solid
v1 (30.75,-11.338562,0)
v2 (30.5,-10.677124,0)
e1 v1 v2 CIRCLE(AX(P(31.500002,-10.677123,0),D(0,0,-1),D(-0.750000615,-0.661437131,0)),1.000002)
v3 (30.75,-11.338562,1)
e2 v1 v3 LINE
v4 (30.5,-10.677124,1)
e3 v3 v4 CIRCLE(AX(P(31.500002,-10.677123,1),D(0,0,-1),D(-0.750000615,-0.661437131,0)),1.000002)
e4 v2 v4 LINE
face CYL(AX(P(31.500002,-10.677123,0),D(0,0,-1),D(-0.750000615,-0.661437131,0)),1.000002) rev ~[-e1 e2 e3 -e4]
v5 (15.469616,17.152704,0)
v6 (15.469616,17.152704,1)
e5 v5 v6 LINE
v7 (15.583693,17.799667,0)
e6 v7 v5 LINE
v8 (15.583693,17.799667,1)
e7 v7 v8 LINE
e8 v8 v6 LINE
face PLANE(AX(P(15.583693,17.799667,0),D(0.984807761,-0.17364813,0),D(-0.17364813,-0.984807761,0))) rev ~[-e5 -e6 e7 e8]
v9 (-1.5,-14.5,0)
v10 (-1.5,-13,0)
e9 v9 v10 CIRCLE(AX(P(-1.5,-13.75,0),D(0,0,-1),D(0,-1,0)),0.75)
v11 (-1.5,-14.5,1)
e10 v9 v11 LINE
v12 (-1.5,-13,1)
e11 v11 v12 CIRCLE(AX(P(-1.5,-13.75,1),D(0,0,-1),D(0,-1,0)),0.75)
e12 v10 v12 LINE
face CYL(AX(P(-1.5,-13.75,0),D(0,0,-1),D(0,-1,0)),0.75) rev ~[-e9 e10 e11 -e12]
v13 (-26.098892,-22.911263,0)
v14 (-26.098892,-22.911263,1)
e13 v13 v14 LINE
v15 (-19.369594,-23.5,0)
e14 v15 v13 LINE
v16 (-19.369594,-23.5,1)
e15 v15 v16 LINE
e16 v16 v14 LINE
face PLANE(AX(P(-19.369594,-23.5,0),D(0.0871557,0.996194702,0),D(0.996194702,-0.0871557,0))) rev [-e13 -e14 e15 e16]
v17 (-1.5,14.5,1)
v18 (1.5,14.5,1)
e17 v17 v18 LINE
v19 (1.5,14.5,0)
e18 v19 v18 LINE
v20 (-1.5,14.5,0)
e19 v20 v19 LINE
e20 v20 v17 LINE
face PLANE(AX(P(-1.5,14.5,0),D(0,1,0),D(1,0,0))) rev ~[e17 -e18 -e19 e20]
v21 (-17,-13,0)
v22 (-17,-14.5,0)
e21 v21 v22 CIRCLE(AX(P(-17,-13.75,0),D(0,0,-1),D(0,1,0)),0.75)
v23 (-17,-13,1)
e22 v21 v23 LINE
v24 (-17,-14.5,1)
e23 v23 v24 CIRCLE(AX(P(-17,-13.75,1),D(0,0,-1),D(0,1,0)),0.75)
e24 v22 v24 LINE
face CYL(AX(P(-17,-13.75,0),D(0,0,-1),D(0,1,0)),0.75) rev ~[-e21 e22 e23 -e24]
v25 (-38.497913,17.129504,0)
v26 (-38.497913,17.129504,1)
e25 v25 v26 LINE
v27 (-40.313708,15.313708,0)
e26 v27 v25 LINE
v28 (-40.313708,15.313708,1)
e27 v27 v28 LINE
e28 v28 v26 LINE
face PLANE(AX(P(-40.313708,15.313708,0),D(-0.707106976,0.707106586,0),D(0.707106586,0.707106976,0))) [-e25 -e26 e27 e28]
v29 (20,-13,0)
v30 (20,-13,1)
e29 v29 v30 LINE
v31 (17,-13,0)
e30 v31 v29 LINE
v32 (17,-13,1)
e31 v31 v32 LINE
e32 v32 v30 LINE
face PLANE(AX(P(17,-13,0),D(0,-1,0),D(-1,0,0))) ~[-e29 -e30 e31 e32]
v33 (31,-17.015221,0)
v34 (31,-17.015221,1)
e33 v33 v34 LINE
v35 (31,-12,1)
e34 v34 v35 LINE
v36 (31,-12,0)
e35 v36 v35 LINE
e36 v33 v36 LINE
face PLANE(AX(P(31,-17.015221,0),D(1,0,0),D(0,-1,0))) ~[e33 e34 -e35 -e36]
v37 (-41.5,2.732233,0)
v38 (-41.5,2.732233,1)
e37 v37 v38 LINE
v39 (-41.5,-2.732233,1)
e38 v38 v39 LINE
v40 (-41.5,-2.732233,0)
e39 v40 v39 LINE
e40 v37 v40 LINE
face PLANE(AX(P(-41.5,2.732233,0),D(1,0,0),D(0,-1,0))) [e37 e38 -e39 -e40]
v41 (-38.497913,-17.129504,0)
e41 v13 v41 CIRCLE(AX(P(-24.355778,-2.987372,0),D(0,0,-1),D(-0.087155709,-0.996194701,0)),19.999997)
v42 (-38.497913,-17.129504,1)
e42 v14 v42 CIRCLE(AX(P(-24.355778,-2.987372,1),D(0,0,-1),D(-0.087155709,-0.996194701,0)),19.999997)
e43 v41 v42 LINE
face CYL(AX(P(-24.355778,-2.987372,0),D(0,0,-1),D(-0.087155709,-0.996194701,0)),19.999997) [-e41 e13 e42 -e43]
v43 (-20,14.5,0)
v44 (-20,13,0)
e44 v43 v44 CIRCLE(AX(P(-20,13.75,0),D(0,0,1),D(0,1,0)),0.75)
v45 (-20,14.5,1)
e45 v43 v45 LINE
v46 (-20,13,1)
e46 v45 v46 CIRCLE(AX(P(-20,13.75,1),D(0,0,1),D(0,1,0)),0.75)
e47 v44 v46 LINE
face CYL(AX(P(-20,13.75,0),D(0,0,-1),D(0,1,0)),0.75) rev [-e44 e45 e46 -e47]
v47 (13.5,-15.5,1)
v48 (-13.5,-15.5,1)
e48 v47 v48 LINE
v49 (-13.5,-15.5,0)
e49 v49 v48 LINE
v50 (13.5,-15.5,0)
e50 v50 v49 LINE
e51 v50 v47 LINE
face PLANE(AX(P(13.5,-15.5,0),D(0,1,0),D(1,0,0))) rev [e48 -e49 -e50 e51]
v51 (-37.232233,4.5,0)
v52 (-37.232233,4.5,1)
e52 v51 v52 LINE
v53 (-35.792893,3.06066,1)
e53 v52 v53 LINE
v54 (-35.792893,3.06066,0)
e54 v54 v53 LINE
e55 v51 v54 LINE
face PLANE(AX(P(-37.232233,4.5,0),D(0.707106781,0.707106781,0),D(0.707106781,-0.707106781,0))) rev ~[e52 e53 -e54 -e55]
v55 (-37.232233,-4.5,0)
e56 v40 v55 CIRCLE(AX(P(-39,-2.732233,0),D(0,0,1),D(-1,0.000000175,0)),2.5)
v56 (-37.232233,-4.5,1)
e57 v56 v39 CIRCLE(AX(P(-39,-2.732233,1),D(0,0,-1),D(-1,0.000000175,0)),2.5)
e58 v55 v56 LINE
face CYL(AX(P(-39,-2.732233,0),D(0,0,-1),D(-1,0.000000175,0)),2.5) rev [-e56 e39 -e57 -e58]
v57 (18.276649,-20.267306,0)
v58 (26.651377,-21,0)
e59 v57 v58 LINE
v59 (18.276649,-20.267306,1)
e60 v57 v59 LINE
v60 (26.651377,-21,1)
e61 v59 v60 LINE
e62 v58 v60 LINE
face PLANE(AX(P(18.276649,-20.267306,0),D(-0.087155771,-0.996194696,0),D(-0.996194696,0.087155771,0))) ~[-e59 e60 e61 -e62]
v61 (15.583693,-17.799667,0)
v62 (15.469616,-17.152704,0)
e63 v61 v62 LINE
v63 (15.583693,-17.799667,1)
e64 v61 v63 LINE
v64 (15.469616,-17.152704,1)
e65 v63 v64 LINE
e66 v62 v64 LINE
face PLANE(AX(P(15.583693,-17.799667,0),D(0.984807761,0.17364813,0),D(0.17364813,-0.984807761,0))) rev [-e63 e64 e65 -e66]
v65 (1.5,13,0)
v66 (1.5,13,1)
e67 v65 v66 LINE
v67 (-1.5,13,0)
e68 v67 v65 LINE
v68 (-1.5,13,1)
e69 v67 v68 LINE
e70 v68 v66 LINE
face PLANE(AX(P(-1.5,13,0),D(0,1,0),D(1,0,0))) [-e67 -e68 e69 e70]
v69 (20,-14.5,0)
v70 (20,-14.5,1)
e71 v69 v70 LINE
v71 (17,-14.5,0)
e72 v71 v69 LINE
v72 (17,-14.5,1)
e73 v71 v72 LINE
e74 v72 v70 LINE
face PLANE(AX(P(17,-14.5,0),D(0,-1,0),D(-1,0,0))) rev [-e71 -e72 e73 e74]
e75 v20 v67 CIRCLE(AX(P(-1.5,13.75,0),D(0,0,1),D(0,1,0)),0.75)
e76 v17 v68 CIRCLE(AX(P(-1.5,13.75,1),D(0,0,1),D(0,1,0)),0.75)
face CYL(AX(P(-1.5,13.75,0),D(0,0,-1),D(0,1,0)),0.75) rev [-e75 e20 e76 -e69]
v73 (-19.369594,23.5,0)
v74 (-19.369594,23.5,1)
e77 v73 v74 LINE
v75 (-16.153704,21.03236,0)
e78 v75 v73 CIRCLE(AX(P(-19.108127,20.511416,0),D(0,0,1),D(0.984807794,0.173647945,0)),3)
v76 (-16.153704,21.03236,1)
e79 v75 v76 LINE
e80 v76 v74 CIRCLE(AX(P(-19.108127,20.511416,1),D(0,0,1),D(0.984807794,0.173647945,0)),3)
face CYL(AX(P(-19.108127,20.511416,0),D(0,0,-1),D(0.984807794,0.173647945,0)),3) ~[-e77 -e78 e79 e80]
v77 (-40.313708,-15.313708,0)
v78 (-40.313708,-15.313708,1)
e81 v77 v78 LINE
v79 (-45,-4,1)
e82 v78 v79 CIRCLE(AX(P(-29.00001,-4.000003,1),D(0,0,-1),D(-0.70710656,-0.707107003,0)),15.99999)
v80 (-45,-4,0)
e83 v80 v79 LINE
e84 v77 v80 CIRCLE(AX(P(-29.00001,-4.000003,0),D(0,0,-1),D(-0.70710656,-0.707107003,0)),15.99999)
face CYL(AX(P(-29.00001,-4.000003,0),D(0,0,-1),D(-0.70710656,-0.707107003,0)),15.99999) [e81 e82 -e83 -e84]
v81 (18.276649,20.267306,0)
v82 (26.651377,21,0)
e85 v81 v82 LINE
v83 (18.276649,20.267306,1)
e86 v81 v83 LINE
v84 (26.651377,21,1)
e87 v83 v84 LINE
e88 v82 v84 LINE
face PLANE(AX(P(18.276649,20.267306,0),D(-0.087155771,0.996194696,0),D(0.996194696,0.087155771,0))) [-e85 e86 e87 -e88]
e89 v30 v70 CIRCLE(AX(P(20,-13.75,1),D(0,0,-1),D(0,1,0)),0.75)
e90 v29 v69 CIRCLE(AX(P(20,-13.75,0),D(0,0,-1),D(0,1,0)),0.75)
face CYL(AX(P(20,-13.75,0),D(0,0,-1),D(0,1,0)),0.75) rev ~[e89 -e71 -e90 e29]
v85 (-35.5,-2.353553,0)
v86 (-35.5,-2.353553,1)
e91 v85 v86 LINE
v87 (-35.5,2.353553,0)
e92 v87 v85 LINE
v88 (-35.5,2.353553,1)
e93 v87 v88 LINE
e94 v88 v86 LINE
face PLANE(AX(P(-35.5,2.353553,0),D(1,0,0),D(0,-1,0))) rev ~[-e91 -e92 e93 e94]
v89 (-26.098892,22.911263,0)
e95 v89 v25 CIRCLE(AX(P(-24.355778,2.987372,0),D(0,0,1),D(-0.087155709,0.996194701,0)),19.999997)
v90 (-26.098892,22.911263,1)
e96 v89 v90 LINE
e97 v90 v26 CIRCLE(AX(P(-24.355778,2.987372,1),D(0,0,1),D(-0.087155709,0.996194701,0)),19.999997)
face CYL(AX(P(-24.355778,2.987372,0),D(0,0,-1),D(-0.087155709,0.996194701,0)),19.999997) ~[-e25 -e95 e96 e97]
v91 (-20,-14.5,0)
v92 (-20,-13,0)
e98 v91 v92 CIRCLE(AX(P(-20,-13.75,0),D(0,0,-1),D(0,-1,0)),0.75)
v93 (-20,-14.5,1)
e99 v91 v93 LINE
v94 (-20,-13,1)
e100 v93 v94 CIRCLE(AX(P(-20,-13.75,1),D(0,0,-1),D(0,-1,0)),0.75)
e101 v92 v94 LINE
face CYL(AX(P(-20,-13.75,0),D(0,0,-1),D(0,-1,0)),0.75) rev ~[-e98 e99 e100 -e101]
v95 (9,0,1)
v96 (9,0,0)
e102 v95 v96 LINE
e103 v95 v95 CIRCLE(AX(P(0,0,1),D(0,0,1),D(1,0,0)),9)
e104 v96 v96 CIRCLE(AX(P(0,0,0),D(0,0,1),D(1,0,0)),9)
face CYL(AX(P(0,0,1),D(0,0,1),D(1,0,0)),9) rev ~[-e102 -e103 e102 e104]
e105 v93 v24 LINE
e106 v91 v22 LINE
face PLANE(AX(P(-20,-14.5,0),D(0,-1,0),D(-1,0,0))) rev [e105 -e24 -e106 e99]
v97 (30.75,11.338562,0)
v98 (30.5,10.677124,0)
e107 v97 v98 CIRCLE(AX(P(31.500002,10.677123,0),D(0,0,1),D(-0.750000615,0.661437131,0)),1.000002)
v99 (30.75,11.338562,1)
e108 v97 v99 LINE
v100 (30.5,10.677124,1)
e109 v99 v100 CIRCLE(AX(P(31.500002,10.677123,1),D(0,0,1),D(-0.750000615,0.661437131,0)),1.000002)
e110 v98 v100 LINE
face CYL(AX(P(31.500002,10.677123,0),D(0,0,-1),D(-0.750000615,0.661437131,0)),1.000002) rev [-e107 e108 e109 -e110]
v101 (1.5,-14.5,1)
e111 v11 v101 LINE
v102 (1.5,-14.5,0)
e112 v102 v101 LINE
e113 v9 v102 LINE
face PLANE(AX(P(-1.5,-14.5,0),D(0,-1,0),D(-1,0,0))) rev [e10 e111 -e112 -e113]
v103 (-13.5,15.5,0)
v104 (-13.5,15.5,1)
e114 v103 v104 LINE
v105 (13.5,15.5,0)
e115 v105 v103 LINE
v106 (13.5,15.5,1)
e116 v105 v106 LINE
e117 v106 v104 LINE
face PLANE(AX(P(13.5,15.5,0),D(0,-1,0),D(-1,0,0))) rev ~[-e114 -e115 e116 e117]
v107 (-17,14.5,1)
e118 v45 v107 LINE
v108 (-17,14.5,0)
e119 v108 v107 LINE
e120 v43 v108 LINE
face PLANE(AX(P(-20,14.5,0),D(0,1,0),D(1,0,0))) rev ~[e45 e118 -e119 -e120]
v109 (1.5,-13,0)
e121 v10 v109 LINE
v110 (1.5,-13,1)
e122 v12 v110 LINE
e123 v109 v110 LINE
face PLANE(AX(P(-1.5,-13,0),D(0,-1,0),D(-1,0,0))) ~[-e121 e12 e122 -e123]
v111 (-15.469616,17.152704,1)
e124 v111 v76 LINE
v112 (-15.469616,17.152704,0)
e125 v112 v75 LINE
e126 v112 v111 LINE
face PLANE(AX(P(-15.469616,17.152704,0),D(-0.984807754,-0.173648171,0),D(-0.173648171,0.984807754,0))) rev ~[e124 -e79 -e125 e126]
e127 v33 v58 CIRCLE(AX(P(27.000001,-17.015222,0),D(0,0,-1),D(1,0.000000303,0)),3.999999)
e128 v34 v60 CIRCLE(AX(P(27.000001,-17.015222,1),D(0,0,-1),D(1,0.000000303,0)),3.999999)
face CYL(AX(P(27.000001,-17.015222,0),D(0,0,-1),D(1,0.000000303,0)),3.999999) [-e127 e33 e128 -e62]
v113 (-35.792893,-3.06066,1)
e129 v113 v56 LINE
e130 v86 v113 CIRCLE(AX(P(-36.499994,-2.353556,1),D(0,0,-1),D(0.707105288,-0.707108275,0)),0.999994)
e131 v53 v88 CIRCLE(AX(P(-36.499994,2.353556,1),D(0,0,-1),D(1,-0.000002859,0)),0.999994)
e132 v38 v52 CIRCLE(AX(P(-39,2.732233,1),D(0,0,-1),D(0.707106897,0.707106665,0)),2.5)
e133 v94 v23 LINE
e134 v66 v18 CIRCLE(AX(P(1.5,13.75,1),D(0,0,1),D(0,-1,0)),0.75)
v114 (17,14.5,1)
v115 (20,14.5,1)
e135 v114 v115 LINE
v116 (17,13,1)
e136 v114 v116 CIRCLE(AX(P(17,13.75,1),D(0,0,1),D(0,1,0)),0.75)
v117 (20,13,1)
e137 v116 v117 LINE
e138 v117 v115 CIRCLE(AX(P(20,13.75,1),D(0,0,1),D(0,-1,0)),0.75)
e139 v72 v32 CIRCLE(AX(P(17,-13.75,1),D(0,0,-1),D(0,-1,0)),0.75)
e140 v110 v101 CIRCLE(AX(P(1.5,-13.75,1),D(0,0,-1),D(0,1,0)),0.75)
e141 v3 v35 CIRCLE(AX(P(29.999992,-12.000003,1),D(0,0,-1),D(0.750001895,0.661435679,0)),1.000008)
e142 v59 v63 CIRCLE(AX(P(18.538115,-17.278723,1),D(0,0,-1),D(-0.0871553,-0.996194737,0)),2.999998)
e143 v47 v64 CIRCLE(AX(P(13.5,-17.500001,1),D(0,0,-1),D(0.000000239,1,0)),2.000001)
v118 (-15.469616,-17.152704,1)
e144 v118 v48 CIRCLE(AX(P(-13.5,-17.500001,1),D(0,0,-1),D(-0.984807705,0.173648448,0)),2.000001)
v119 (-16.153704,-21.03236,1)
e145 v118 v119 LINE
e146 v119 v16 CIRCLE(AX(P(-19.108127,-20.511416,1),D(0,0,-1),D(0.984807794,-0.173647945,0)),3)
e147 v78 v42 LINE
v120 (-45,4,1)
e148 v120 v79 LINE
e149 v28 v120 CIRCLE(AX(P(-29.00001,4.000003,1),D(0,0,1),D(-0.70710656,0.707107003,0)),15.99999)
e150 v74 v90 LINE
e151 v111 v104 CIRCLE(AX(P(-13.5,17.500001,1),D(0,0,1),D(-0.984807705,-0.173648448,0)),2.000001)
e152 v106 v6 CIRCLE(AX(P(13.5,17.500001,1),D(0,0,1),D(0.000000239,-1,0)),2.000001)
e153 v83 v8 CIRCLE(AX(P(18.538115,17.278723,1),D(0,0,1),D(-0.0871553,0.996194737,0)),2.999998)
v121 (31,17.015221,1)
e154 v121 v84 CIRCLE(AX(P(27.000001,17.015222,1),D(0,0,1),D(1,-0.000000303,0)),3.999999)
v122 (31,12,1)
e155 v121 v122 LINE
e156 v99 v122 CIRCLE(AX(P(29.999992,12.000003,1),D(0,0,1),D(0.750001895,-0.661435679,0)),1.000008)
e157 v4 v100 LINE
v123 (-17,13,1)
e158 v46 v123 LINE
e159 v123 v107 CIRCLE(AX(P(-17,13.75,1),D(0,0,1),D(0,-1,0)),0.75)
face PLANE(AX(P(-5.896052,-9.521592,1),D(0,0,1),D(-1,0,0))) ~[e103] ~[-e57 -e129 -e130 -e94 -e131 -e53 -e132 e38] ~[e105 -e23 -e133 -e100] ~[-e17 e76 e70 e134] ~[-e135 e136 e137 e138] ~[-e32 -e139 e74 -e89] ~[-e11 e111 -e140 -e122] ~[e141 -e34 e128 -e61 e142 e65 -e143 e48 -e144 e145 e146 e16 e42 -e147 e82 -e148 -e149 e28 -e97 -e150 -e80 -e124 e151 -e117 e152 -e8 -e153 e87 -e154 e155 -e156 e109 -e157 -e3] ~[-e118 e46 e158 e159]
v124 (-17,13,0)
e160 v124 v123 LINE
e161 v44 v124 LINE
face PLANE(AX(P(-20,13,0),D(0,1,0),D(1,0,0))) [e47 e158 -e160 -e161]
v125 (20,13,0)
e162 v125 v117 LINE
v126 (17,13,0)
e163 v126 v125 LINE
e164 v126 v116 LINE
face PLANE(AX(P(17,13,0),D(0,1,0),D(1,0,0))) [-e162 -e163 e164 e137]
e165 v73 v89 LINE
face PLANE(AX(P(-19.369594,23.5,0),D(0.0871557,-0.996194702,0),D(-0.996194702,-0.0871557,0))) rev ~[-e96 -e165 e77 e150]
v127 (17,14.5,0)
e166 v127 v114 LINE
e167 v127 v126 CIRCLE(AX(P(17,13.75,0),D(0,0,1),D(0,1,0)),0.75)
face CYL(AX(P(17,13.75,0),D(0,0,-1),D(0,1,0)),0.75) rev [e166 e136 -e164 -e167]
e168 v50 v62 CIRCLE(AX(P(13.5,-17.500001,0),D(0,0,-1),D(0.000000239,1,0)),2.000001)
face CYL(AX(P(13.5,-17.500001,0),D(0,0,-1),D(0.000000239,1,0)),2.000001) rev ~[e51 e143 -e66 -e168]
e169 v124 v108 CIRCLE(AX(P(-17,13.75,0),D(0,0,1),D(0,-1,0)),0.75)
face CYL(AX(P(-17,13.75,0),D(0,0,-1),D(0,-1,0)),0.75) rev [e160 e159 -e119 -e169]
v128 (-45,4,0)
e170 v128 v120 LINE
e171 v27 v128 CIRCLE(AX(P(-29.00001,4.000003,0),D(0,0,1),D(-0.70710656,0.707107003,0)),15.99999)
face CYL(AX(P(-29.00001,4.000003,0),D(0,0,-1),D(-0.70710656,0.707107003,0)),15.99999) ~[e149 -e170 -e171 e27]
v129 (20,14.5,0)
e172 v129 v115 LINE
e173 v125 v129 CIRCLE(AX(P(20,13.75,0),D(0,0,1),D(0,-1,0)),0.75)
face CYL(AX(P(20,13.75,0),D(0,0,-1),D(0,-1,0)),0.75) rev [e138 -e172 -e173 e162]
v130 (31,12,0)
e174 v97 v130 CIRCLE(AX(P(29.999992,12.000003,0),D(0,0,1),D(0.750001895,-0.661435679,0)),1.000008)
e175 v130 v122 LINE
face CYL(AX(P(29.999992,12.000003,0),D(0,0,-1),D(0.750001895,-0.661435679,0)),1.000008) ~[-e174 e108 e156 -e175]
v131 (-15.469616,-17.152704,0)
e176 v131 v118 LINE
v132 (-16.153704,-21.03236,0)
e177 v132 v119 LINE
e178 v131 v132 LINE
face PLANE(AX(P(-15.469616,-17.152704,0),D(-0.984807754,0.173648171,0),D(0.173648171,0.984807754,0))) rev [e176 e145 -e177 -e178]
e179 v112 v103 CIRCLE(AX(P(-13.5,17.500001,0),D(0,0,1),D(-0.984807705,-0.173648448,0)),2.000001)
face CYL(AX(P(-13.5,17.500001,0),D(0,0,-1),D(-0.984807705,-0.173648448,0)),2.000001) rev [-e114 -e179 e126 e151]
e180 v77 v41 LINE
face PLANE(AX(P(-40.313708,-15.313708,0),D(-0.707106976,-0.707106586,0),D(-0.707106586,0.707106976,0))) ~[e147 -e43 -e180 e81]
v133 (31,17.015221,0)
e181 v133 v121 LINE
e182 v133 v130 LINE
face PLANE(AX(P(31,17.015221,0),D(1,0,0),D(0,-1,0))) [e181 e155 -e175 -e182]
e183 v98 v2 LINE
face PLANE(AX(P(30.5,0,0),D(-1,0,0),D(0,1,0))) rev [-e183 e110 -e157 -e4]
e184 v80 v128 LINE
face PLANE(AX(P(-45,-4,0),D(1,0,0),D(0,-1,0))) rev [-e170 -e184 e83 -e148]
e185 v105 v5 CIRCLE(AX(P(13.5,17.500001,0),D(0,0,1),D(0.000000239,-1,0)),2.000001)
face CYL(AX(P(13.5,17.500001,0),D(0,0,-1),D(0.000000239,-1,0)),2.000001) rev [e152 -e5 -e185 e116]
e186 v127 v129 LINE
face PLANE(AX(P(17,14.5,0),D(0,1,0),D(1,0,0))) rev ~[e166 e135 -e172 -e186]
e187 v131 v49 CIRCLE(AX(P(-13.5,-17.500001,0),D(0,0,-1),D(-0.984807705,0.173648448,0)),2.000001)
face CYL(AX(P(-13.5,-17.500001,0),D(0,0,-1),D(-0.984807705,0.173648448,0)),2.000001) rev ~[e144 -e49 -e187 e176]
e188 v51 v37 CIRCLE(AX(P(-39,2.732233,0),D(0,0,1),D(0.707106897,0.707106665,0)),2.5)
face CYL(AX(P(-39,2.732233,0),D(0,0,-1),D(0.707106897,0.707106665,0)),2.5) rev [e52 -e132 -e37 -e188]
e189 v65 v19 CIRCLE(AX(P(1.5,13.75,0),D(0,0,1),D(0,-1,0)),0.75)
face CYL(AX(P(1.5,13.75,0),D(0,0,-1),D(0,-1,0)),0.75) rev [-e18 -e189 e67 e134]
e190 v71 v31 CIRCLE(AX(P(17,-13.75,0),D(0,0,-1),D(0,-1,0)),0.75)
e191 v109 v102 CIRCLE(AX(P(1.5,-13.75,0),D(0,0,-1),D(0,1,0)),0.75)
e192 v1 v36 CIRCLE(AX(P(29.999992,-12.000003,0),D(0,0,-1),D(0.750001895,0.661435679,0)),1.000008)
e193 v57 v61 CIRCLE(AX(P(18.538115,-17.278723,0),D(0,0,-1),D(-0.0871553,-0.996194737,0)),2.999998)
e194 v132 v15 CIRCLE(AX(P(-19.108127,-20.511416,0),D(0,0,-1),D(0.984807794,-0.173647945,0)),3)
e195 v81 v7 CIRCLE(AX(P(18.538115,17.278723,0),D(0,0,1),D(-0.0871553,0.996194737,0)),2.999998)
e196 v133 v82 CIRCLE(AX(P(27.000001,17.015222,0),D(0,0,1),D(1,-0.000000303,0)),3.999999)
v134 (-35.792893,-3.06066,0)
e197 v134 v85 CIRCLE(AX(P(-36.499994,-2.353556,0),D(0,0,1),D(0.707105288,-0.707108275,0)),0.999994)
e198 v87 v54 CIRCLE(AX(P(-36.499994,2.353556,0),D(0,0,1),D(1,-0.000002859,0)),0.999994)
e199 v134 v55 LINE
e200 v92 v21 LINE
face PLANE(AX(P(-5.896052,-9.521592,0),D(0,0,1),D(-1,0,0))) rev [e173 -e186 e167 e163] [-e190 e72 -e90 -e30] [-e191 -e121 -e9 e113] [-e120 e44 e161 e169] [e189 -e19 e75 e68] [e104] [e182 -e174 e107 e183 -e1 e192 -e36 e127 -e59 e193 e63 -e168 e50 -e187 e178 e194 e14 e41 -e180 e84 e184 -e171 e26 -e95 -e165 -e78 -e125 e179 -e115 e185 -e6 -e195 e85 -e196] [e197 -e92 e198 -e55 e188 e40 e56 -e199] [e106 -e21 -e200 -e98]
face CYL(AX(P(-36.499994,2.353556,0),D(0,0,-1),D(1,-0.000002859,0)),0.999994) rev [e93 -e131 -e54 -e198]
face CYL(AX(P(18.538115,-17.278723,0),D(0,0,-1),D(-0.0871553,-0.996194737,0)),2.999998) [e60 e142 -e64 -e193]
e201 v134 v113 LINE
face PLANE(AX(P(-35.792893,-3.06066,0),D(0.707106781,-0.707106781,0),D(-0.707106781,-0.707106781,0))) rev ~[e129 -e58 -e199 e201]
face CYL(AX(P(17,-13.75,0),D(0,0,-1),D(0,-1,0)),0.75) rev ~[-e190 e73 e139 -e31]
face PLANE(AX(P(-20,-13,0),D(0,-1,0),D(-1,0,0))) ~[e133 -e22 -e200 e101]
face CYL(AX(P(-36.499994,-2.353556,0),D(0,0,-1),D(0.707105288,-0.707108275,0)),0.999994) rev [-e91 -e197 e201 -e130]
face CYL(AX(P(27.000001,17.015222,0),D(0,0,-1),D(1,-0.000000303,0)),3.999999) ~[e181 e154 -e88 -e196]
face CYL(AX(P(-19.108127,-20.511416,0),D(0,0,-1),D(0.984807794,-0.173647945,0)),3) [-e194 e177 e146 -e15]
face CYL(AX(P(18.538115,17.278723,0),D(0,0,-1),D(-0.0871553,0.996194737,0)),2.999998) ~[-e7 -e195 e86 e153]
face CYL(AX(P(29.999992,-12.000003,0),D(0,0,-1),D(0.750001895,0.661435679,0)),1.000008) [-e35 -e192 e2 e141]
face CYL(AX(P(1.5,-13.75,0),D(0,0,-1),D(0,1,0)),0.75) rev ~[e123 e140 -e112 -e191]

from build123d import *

# Parameters (mm, degrees)
PAD_DEPTH       = 1
SKETCH_R        = 9
POCKET_DEPTH    = 1.001
POCKET001_DEPTH = 1.001


with BuildPart() as part:
    # Sketch007 → Pad (new body)
    with BuildSketch(Plane.XY):
        with BuildLine():
            Line((13.5, 15.5), (-13.5, 15.5))
            ThreePointArc((-15.469616, 17.152704), (-14.785575, 15.967911), (-13.5, 15.5))
            Line((-15.469616, 17.152704), (-16.153704, 21.03236))
            ThreePointArc((-16.153704, 21.03236), (-17.281843, 22.891476), (-19.369594, 23.5))
            Line((-19.369594, 23.5), (-26.098892, 22.911263))
            ThreePointArc((-26.098892, 22.911263), (-32.808142, 21.113525), (-38.497913, 17.129504))
            Line((-40.313708, 15.313708), (-38.497913, 17.129504))
            ThreePointArc((-40.313708, 15.313708), (-43.782073, 10.122935), (-45, 4))
            Line((-45, 4), (-45, 0))
            Line((-45, 0), (30.5, 0))
            Line((30.5, 0), (30.5, 10.677124))
            ThreePointArc((30.75, 11.338562), (30.564586, 11.030678), (30.5, 10.677124))
            ThreePointArc((30.75, 11.338562), (30.935414, 11.646447), (31, 12))
            Line((31, 17.015221), (31, 12))
            ThreePointArc((31, 17.015221), (29.702361, 19.964331), (26.651377, 21))
            Line((18.276649, 20.267306), (26.651377, 21))
            ThreePointArc((18.276649, 20.267306), (16.511345, 19.490554), (15.583693, 17.799667))
            Line((15.583693, 17.799667), (15.469616, 17.152704))
            ThreePointArc((13.5, 15.5), (14.785575, 15.967911), (15.469616, 17.152704))
        make_face()
        with BuildLine():
            Line((-20, 13), (-17, 13))
            ThreePointArc((-17, 13), (-16.25, 13.75), (-17, 14.5))
            Line((-20, 14.5), (-17, 14.5))
            ThreePointArc((-20, 14.5), (-20.75, 13.75), (-20, 13))
        make_face(mode=Mode.SUBTRACT)
        with BuildLine():
            Line((-1.5, 13), (1.5, 13))
            ThreePointArc((1.5, 13), (2.25, 13.75), (1.5, 14.5))
            Line((-1.5, 14.5), (1.5, 14.5))
            ThreePointArc((-1.5, 14.5), (-2.25, 13.75), (-1.5, 13))
        make_face(mode=Mode.SUBTRACT)
        with BuildLine():
            Line((17, 13), (20, 13))
            ThreePointArc((20, 13), (20.75, 13.75), (20, 14.5))
            Line((17, 14.5), (20, 14.5))
            ThreePointArc((17, 14.5), (16.25, 13.75), (17, 13))
        make_face(mode=Mode.SUBTRACT)
    pad = extrude(amount=PAD_DEPTH)

    # Mirrored: Pad across Sketch007 H_Axis
    add(pad.mirror(Plane.ZX))

    # Sketch (on Face5 of Mirrored) → Pocket (cut, through all)
    with BuildSketch(Plane.XY.offset(1)):
        Circle(SKETCH_R)
    extrude(amount=-POCKET_DEPTH, mode=Mode.SUBTRACT)

    # Sketch008 → Pocket001 (cut, through all)
    with BuildSketch(Plane.XY):
        with BuildLine():
            Line((-41.5, 2.732233), (-41.5, -2.732233))
            ThreePointArc((-41.5, -2.732233), (-39.956709, -5.041932), (-37.232233, -4.5))
            Line((-35.792893, -3.06066), (-37.232233, -4.5))
            ThreePointArc((-35.792893, -3.06066), (-35.57612, -2.736237), (-35.5, -2.353553))
            Line((-35.5, 2.353553), (-35.5, -2.353553))
            ThreePointArc((-35.5, 2.353553), (-35.57612, 2.736237), (-35.792893, 3.06066))
            Line((-37.232233, 4.5), (-35.792893, 3.06066))
            ThreePointArc((-37.232233, 4.5), (-39.956709, 5.041932), (-41.5, 2.732233))
        make_face()
    extrude(amount=POCKET001_DEPTH, mode=Mode.SUBTRACT)


solid = part.part
